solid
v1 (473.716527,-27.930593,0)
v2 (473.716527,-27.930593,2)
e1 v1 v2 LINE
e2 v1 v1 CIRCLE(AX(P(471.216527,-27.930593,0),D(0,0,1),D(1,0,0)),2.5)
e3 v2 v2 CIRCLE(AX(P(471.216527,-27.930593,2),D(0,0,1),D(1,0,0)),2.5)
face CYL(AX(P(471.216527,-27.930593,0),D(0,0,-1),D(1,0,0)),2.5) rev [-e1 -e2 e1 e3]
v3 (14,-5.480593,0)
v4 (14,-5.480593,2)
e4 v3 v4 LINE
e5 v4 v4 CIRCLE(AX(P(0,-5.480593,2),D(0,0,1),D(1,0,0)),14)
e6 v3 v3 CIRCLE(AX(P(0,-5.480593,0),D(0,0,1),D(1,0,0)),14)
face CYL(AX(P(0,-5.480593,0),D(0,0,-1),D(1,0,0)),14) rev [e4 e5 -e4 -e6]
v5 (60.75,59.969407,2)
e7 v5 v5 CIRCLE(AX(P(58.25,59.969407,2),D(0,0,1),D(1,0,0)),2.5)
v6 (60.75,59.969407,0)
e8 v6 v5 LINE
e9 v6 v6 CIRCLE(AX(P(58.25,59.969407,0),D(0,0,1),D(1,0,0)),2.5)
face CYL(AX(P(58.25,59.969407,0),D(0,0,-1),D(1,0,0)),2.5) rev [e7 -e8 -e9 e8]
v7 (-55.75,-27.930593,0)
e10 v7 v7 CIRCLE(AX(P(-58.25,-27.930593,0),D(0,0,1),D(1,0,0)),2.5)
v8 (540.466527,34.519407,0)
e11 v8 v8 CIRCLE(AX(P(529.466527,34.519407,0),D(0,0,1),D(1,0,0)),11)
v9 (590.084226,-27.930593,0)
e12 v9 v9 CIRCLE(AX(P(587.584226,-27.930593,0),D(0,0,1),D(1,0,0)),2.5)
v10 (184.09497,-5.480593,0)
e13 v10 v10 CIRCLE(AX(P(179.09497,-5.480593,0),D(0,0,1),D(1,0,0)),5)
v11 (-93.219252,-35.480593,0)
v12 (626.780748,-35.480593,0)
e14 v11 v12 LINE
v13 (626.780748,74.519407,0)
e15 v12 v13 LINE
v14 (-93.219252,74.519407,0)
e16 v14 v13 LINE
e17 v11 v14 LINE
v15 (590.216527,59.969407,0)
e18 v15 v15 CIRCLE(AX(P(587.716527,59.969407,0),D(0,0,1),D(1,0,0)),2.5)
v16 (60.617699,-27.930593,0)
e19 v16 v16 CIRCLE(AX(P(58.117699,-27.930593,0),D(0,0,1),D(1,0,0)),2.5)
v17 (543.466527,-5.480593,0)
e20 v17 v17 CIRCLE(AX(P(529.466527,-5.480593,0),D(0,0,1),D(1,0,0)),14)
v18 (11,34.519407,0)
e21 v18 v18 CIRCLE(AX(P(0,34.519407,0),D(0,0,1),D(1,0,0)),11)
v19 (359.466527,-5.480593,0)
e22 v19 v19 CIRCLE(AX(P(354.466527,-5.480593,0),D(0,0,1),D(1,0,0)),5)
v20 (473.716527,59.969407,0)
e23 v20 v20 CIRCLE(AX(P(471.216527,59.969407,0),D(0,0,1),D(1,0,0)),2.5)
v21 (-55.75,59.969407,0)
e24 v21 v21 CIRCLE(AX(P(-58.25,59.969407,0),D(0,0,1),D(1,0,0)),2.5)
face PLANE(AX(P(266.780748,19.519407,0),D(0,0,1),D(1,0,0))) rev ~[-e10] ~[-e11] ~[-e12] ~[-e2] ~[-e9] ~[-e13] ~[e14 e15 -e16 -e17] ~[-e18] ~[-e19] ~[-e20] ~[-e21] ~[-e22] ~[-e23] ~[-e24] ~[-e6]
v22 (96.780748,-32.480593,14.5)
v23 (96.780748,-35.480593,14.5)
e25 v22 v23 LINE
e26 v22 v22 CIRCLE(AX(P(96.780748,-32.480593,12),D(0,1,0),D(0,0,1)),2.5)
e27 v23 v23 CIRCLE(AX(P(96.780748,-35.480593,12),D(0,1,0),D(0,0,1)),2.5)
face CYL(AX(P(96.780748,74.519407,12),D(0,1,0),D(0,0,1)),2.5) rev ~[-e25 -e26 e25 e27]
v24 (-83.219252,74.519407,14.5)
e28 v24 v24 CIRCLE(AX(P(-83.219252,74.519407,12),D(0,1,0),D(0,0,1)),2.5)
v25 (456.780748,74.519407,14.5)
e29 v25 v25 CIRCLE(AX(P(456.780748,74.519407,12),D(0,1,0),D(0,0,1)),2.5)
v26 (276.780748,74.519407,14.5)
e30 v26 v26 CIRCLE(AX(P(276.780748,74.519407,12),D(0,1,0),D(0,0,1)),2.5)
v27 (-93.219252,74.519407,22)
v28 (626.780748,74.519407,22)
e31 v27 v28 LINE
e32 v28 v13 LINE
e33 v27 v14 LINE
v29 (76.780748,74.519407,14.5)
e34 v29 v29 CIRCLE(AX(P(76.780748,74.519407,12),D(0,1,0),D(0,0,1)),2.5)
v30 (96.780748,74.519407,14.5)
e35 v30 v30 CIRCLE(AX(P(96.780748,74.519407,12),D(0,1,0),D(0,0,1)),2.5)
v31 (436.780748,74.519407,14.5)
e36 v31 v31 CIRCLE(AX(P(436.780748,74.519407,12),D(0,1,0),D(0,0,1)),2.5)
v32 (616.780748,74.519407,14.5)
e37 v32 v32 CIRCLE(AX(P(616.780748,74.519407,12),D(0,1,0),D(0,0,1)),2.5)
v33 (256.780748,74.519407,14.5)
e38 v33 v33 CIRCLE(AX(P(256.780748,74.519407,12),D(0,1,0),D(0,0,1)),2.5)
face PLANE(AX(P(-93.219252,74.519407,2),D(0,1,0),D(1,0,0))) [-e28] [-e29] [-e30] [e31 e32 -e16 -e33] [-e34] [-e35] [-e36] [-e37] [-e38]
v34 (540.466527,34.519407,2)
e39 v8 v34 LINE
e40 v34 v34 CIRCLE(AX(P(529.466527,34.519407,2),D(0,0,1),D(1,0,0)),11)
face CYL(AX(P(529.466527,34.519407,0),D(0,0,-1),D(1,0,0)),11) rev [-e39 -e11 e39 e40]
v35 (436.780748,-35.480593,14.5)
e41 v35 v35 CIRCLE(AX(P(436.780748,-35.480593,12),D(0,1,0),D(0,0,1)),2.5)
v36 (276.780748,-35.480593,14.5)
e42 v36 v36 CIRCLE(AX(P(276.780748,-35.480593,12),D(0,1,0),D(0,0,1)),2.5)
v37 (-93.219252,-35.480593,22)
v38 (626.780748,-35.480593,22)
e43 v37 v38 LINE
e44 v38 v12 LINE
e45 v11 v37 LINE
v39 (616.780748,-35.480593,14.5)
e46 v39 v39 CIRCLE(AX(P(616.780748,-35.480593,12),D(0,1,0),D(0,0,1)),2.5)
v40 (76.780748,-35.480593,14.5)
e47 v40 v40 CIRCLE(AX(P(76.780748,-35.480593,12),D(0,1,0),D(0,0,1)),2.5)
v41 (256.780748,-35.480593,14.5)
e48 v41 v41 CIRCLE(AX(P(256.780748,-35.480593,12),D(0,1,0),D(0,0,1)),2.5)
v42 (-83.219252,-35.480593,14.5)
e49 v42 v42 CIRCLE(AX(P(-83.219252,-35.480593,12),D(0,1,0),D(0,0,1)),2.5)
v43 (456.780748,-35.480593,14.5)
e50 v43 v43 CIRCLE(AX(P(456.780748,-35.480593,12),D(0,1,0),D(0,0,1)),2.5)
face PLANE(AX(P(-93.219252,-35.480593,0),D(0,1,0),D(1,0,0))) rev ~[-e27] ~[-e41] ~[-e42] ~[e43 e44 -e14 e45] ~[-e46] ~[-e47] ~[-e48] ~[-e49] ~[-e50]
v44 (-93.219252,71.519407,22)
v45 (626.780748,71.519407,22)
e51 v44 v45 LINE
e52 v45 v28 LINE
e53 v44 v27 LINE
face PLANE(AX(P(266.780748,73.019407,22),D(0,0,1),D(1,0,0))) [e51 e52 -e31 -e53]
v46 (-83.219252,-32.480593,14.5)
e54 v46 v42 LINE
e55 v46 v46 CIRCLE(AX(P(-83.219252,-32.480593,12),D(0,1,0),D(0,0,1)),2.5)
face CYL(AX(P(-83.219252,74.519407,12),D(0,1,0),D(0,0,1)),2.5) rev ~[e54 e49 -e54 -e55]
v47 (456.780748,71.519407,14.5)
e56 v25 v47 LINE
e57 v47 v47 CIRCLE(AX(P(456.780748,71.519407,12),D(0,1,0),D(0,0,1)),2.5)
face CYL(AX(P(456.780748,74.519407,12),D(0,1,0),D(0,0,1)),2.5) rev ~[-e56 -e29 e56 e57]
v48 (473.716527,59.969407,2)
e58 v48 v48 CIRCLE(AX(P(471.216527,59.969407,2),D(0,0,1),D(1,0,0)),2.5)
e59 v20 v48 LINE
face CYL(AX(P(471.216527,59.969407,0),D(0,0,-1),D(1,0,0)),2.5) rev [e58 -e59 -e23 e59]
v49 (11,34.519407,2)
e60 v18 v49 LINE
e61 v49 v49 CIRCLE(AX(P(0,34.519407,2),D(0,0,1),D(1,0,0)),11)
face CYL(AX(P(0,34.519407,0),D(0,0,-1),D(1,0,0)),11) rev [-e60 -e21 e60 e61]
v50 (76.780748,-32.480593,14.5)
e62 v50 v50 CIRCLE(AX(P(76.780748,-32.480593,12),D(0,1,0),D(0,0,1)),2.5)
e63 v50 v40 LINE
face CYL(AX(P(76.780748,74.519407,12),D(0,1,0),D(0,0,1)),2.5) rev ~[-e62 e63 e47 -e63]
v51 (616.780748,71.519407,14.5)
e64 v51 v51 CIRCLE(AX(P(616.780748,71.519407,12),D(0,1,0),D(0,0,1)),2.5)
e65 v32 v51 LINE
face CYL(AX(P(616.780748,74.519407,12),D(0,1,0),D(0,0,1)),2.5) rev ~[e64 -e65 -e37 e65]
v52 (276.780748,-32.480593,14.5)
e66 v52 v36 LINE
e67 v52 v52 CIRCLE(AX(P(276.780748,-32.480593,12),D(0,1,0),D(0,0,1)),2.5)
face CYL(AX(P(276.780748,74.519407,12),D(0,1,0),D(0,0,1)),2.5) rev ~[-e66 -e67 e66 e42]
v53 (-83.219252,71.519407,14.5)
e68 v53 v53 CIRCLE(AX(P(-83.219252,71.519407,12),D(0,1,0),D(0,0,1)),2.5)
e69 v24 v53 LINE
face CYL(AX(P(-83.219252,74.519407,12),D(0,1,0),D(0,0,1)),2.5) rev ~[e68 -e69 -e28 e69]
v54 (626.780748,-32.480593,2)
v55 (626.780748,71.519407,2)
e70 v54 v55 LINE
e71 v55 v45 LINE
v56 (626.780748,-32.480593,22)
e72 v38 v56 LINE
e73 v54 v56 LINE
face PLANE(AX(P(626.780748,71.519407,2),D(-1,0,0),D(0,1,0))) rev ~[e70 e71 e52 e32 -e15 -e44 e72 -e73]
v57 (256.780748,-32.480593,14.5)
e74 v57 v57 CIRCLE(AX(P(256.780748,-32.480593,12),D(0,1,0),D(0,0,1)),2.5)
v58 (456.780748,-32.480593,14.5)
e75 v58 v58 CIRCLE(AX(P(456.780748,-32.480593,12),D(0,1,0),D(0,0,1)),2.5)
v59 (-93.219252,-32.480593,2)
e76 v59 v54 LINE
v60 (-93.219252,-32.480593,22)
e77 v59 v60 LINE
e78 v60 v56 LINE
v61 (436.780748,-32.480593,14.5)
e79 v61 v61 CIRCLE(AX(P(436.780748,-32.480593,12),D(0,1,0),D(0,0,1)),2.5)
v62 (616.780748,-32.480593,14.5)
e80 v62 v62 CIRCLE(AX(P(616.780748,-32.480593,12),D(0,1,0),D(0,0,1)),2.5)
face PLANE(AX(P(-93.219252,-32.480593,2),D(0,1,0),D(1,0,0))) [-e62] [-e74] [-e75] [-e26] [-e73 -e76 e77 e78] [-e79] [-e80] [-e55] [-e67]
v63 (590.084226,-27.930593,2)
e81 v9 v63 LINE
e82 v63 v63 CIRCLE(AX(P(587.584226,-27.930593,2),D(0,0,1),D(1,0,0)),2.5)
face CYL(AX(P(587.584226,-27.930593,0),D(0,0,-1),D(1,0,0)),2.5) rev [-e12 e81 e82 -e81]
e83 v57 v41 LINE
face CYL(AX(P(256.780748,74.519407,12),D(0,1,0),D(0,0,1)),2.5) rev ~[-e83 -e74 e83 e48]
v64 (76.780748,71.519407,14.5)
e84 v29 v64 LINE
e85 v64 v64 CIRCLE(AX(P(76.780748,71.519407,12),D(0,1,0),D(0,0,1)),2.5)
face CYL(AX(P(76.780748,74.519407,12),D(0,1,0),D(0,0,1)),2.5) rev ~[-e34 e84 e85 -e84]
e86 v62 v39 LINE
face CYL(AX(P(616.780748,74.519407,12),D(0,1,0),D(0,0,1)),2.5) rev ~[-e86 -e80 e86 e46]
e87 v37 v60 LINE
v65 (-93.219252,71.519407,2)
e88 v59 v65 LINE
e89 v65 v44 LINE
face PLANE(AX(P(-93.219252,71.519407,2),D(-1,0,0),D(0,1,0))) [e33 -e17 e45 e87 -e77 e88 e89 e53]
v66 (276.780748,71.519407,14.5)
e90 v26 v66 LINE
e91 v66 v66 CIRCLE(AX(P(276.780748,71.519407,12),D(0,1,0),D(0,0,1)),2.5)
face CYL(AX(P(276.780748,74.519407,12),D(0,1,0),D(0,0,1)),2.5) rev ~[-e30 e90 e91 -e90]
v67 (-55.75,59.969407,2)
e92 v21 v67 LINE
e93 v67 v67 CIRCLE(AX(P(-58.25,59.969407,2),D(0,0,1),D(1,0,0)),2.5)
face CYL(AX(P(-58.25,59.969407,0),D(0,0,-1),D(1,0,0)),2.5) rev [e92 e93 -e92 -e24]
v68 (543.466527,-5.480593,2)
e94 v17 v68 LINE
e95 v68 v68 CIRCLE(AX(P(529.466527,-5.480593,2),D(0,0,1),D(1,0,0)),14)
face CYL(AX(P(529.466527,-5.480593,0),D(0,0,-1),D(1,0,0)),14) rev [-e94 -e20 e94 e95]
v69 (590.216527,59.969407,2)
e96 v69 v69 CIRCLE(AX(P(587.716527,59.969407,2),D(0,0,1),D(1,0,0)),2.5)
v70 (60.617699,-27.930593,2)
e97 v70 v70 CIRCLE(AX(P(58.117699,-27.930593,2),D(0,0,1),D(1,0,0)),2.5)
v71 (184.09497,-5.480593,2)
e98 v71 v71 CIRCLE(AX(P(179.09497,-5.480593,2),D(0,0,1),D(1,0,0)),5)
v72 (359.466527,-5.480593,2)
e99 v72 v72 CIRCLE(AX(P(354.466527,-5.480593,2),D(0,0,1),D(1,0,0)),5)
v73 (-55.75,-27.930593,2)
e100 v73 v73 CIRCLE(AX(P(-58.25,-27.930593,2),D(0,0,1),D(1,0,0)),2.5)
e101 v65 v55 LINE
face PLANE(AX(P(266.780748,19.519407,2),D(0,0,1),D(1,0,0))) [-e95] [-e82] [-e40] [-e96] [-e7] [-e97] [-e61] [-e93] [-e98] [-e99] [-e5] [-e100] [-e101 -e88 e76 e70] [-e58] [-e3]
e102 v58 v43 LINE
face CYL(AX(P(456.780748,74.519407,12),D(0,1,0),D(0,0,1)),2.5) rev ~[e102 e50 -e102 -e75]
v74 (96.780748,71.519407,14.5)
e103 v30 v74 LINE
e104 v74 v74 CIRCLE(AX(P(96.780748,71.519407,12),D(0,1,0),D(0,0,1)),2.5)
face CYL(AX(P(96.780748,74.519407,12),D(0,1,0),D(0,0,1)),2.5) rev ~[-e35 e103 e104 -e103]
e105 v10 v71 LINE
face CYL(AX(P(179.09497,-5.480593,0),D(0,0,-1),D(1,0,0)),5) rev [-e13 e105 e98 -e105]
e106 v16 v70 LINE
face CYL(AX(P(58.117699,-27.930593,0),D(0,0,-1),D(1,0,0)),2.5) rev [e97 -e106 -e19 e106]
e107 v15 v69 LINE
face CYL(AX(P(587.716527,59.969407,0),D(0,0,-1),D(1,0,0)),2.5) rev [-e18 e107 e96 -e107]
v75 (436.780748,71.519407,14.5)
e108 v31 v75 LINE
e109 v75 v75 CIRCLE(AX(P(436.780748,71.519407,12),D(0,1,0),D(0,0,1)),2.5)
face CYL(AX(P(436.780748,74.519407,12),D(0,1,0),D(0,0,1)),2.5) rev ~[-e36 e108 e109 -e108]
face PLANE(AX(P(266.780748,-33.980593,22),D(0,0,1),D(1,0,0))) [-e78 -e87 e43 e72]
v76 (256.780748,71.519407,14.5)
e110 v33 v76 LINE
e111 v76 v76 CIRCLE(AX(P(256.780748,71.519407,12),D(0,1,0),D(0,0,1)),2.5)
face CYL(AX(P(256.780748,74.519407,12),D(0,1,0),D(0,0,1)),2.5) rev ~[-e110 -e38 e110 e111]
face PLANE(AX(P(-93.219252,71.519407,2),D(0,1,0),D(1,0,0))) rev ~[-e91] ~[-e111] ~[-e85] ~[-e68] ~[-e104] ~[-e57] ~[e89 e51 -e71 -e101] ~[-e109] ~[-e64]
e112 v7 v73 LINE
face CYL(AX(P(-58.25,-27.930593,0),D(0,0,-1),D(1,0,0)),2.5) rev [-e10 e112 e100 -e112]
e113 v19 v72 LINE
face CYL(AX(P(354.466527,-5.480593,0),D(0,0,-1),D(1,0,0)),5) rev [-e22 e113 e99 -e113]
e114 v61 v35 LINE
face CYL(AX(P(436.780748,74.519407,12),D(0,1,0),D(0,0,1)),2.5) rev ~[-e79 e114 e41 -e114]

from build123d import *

# Parameters (mm, degrees)
SKETCH_1_W          = 720
SKETCH_1_H          = 110
SKETCH_1_R          = 11
SKETCH_1_R_2        = 14
SKETCH_1_R_3        = 2.5
SKETCH_1_R_4        = 5
EXTRUDE_1_DEPTH     = 2
SKETCH_2_W          = 720
SKETCH_2_H          = 3
EXTRUDE_2_DEPTH     = 20
SKETCH_3_R          = 2.5
CUT_EXTRUDE_3_DEPTH = 114


with BuildPart() as part:
    # 草图1 → 凸台-拉伸1 (new body)
    with BuildSketch(Plane.XY):
        with Locations((266.780748393, 19.519407272)):
            Rectangle(SKETCH_1_W, SKETCH_1_H)
        with Locations((529.466526581, 34.519407272)):
            Circle(SKETCH_1_R, mode=Mode.SUBTRACT)
        with Locations((0, 34.519407272)):
            Circle(SKETCH_1_R, mode=Mode.SUBTRACT)
        with Locations((0, -5.480592728)):
            Circle(SKETCH_1_R_2, mode=Mode.SUBTRACT)
        with Locations((58.117699254, -27.930592728)):
            Circle(SKETCH_1_R_3, mode=Mode.SUBTRACT)
        with Locations((58.25, 59.969407272)):
            Circle(SKETCH_1_R_3, mode=Mode.SUBTRACT)
        with Locations((-58.25, 59.969407272)):
            Circle(SKETCH_1_R_3, mode=Mode.SUBTRACT)
        with Locations((179.094970205, -5.480592728)):
            Circle(SKETCH_1_R_4, mode=Mode.SUBTRACT)
        with Locations((354.466526581, -5.480592728)):
            Circle(SKETCH_1_R_4, mode=Mode.SUBTRACT)
        with Locations((-58.25, -27.930592728)):
            Circle(SKETCH_1_R_3, mode=Mode.SUBTRACT)
        with Locations((529.466526581, -5.480592728)):
            Circle(SKETCH_1_R_2, mode=Mode.SUBTRACT)
        with Locations((587.584225835, -27.930592728)):
            Circle(SKETCH_1_R_3, mode=Mode.SUBTRACT)
        with Locations((587.716526581, 59.969407272)):
            Circle(SKETCH_1_R_3, mode=Mode.SUBTRACT)
        with Locations((471.216526581, 59.969407272)):
            Circle(SKETCH_1_R_3, mode=Mode.SUBTRACT)
        with Locations((471.216526582, -27.930592728)):
            Circle(SKETCH_1_R_3, mode=Mode.SUBTRACT)
    extrude(amount=EXTRUDE_1_DEPTH)

    # 草图2 → 凸台-拉伸2 (add)
    with BuildSketch(Plane.XY.offset(2)):
        with Locations((266.780748393, 73.019407272)):
            Rectangle(SKETCH_2_W, SKETCH_2_H)
        with Locations((266.780748393, -33.980592728)):
            Rectangle(SKETCH_2_W, SKETCH_2_H)
    extrude(amount=EXTRUDE_2_DEPTH)

    # 草图3 → 切除-拉伸3 (cut)
    with BuildSketch(Plane(origin=(0, 74.519407272, 0), x_dir=(1, 0, 0), z_dir=(0, 1, 0))):
        with Locations(Location((456.780748393, -12, 0), (0, 0, 270))):
            Circle(SKETCH_3_R)
        with Locations(Location((616.780748393, -12, 0), (0, 0, 270))):
            Circle(SKETCH_3_R)
        with Locations(Location((436.780748393, -12, 0), (0, 0, 270))):
            Circle(SKETCH_3_R)
        with Locations(Location((276.780748393, -12, 0), (0, 0, 270))):
            Circle(SKETCH_3_R)
        with Locations(Location((256.780748393, -12, 0), (0, 0, 270))):
            Circle(SKETCH_3_R)
        with Locations(Location((96.780748393, -12, 0), (0, 0, 270))):
            Circle(SKETCH_3_R)
        with Locations(Location((76.780748393, -12, 0), (0, 0, 270))):
            Circle(SKETCH_3_R)
        with Locations(Location((-83.219251607, -12, 0), (0, 0, 270))):
            Circle(SKETCH_3_R)
    extrude(amount=-CUT_EXTRUDE_3_DEPTH, mode=Mode.SUBTRACT)


solid = part.part
